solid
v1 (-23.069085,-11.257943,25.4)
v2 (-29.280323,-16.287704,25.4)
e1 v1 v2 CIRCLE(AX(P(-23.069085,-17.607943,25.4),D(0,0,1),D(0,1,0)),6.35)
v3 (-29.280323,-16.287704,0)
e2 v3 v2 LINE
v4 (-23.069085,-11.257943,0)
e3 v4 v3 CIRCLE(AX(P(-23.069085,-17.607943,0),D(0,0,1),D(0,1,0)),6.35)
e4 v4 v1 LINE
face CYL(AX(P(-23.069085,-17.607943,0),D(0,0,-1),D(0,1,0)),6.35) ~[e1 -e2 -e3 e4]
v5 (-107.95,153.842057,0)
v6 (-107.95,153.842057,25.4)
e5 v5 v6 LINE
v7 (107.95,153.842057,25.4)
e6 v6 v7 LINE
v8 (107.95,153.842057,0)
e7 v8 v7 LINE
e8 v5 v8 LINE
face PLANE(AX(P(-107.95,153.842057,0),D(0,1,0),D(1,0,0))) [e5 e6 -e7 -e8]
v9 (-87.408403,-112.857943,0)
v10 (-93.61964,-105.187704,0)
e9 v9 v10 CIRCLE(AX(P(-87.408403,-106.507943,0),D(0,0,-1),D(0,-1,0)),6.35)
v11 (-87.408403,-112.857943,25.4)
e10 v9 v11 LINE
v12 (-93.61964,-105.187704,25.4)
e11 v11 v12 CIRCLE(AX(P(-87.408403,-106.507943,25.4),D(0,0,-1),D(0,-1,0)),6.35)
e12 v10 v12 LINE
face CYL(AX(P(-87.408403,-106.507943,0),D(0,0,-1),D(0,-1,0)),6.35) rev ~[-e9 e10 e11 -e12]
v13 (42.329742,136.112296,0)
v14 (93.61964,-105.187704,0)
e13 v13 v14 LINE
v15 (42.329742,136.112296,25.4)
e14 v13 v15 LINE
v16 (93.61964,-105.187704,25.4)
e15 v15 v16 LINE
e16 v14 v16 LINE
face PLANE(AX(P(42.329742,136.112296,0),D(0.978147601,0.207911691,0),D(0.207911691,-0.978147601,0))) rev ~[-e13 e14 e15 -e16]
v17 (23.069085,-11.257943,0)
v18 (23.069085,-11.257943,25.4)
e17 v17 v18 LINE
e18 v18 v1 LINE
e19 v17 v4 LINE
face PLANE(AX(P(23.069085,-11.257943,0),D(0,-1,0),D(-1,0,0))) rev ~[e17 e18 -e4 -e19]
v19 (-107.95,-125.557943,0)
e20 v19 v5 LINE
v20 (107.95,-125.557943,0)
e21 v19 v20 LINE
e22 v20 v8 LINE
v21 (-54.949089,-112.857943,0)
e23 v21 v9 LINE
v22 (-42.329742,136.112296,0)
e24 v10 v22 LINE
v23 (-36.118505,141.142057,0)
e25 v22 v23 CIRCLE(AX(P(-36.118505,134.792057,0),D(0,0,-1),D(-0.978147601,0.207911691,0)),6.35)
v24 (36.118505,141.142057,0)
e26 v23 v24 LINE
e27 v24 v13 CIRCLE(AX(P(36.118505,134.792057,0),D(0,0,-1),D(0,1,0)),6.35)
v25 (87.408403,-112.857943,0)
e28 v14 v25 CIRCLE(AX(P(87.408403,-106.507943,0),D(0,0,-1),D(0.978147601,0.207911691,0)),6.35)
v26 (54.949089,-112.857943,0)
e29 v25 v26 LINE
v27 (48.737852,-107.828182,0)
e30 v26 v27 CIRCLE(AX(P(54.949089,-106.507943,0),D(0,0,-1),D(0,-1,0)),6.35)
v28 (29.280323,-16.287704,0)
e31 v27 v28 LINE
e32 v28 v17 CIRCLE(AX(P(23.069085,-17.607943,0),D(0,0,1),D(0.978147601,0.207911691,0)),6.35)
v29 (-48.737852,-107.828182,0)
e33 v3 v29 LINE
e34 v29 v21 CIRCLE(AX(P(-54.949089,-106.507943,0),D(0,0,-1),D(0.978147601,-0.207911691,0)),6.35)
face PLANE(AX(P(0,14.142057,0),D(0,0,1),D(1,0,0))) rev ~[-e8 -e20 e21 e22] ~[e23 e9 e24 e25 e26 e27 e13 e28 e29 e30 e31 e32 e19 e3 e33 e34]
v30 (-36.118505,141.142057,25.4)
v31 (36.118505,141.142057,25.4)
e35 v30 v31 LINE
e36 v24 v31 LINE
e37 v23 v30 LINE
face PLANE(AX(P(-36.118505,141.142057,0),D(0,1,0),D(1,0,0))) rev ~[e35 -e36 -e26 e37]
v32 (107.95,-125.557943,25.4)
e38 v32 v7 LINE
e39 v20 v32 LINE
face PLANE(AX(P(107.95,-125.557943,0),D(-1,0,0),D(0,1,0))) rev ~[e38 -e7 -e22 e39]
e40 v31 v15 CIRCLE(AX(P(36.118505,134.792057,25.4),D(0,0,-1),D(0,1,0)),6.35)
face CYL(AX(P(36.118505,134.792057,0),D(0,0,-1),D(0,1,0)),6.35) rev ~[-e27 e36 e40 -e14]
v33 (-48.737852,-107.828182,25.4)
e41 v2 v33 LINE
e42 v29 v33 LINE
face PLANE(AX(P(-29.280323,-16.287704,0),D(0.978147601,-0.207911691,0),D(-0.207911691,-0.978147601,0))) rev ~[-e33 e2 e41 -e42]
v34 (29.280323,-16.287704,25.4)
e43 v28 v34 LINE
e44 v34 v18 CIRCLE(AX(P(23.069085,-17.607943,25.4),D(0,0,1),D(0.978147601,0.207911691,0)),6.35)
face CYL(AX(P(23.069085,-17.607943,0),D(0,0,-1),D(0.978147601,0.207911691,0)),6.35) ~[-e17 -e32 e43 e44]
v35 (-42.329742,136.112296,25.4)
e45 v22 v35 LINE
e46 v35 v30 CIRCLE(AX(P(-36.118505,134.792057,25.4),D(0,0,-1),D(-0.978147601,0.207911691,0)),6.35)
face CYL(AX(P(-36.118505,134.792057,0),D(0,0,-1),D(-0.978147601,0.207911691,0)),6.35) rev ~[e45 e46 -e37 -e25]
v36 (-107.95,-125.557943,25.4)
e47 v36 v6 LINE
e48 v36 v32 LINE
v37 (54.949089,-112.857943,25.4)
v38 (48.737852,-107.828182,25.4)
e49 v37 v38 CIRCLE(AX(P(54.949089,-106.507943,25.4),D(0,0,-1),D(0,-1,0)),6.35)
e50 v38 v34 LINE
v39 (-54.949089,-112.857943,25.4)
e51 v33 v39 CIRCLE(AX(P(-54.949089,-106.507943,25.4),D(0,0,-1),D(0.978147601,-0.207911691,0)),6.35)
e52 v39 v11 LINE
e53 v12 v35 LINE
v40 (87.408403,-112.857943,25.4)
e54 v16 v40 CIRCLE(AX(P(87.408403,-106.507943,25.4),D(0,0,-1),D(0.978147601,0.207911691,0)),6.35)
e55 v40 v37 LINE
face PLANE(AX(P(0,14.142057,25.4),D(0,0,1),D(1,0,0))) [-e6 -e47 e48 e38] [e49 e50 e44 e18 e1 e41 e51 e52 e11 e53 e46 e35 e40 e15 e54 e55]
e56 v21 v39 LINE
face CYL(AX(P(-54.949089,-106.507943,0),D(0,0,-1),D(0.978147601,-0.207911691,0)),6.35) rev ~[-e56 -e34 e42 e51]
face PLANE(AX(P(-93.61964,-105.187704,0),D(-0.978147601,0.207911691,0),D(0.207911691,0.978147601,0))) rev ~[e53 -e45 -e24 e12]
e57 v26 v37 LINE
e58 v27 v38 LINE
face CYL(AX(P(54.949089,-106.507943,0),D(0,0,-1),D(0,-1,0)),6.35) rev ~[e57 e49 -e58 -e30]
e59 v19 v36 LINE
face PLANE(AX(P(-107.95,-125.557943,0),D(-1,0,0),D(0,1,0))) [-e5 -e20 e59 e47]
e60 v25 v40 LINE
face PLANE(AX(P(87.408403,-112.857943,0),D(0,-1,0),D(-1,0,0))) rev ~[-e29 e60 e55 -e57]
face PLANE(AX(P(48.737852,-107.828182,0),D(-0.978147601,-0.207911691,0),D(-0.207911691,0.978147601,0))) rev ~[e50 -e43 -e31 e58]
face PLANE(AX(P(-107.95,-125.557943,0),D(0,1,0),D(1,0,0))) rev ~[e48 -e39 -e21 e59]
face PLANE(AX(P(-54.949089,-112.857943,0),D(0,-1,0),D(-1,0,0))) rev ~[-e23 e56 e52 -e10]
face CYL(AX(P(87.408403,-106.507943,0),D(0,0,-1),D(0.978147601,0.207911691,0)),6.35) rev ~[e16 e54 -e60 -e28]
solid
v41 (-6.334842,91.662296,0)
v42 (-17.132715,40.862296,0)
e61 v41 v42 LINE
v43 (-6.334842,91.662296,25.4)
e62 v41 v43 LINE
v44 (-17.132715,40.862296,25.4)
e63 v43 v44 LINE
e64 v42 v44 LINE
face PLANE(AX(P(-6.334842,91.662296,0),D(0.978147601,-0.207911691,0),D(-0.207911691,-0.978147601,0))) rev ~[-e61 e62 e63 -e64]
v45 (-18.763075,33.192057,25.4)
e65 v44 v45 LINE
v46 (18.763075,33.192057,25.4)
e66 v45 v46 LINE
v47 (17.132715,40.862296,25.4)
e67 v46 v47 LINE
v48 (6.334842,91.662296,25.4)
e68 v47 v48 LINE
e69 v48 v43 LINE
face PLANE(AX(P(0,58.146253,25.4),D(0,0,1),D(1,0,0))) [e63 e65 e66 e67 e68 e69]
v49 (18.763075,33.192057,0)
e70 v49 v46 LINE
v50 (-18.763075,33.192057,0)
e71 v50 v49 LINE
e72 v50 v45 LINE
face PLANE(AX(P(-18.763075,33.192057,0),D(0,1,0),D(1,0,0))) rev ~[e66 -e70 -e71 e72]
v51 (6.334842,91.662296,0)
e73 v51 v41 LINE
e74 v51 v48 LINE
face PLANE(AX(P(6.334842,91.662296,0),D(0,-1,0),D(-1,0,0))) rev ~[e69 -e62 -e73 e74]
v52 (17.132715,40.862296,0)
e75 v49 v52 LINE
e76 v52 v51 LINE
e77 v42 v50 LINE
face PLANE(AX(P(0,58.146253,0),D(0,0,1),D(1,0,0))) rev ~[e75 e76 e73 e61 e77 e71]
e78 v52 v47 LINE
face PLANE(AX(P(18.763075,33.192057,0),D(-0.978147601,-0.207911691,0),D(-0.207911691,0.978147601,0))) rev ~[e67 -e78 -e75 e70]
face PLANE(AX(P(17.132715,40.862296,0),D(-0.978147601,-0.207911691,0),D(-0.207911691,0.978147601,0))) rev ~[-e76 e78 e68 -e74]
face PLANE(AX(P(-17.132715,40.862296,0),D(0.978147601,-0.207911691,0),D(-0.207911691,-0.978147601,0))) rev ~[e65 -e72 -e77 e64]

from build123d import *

# Parameters (mm, degrees)
F1_DEPTH = 25.4
F0_W     = 215.9
F0_H     = 279.4


with BuildPart() as f1:
    # F0 (on Top) → F1 (new body)
    with BuildSketch(Plane.XY):
        Polygon((6.3348417142, 91.6622960533), (-6.3348417142, 91.6622960533), (-17.132715047, 40.8622960533), (-18.7630747263, 33.1920568166), (-10.9214777823, 33.1920568166), (0, 33.1920568166), (10.9214777823, 33.1920568166), (18.7630747263, 33.1920568166), (17.132715047, 40.8622960533), align=None)
    extrude(amount=F1_DEPTH)


with BuildPart() as f1b:
    # F0 (on Top) → F1, piece 2 (new body)
    with BuildSketch(Plane.XY):
        with Locations((0, 14.1420568166)):
            Rectangle(F0_W, F0_H)
        with BuildLine():
            Line((-93.6196403207, -105.1877039467), (-42.3297419897, 136.1122960533))
            ThreePointArc((-42.3297419897, 136.1122960533), (-40.1146892082, 139.7269336719), (-36.118504725, 141.1420568166))
            Line((-36.118504725, 141.1420568166), (0, 141.1420568166))
            Line((0, 141.1420568166), (36.118504725, 141.1420568166))
            ThreePointArc((36.118504725, 141.1420568166), (40.1146892082, 139.7269336719), (42.3297419897, 136.1122960533))
            Line((42.3297419897, 136.1122960533), (93.6196403207, -105.1877039467))
            ThreePointArc((93.6196403207, -105.1877039467), (92.3432799113, -110.5041276665), (87.408403056, -112.8579431834))
            Line((87.408403056, -112.8579431834), (54.949089169, -112.8579431834))
            ThreePointArc((54.949089169, -112.8579431834), (50.9529046859, -111.4428200386), (48.7378519044, -107.8281824201))
            Line((48.7378519044, -107.8281824201), (29.2803225464, -16.2877039467))
            ThreePointArc((29.2803225464, -16.2877039467), (27.065269765, -12.6730663281), (23.0690852818, -11.2579431834))
            Line((23.0690852818, -11.2579431834), (0, -11.2579431834))
            Line((0, -11.2579431834), (-23.0690852818, -11.2579431834))
            ThreePointArc((-23.0690852818, -11.2579431834), (-27.065269765, -12.6730663281), (-29.2803225464, -16.2877039467))
            Line((-29.2803225464, -16.2877039467), (-48.7378519044, -107.8281824201))
            ThreePointArc((-48.7378519044, -107.8281824201), (-50.9529046859, -111.4428200386), (-54.949089169, -112.8579431834))
            Line((-54.949089169, -112.8579431834), (-87.408403056, -112.8579431834))
            ThreePointArc((-87.408403056, -112.8579431834), (-92.3432799113, -110.5041276665), (-93.6196403207, -105.1877039467))
        make_face(mode=Mode.SUBTRACT)
    extrude(amount=F1_DEPTH)


solid = Compound([f1.part, f1b.part])
